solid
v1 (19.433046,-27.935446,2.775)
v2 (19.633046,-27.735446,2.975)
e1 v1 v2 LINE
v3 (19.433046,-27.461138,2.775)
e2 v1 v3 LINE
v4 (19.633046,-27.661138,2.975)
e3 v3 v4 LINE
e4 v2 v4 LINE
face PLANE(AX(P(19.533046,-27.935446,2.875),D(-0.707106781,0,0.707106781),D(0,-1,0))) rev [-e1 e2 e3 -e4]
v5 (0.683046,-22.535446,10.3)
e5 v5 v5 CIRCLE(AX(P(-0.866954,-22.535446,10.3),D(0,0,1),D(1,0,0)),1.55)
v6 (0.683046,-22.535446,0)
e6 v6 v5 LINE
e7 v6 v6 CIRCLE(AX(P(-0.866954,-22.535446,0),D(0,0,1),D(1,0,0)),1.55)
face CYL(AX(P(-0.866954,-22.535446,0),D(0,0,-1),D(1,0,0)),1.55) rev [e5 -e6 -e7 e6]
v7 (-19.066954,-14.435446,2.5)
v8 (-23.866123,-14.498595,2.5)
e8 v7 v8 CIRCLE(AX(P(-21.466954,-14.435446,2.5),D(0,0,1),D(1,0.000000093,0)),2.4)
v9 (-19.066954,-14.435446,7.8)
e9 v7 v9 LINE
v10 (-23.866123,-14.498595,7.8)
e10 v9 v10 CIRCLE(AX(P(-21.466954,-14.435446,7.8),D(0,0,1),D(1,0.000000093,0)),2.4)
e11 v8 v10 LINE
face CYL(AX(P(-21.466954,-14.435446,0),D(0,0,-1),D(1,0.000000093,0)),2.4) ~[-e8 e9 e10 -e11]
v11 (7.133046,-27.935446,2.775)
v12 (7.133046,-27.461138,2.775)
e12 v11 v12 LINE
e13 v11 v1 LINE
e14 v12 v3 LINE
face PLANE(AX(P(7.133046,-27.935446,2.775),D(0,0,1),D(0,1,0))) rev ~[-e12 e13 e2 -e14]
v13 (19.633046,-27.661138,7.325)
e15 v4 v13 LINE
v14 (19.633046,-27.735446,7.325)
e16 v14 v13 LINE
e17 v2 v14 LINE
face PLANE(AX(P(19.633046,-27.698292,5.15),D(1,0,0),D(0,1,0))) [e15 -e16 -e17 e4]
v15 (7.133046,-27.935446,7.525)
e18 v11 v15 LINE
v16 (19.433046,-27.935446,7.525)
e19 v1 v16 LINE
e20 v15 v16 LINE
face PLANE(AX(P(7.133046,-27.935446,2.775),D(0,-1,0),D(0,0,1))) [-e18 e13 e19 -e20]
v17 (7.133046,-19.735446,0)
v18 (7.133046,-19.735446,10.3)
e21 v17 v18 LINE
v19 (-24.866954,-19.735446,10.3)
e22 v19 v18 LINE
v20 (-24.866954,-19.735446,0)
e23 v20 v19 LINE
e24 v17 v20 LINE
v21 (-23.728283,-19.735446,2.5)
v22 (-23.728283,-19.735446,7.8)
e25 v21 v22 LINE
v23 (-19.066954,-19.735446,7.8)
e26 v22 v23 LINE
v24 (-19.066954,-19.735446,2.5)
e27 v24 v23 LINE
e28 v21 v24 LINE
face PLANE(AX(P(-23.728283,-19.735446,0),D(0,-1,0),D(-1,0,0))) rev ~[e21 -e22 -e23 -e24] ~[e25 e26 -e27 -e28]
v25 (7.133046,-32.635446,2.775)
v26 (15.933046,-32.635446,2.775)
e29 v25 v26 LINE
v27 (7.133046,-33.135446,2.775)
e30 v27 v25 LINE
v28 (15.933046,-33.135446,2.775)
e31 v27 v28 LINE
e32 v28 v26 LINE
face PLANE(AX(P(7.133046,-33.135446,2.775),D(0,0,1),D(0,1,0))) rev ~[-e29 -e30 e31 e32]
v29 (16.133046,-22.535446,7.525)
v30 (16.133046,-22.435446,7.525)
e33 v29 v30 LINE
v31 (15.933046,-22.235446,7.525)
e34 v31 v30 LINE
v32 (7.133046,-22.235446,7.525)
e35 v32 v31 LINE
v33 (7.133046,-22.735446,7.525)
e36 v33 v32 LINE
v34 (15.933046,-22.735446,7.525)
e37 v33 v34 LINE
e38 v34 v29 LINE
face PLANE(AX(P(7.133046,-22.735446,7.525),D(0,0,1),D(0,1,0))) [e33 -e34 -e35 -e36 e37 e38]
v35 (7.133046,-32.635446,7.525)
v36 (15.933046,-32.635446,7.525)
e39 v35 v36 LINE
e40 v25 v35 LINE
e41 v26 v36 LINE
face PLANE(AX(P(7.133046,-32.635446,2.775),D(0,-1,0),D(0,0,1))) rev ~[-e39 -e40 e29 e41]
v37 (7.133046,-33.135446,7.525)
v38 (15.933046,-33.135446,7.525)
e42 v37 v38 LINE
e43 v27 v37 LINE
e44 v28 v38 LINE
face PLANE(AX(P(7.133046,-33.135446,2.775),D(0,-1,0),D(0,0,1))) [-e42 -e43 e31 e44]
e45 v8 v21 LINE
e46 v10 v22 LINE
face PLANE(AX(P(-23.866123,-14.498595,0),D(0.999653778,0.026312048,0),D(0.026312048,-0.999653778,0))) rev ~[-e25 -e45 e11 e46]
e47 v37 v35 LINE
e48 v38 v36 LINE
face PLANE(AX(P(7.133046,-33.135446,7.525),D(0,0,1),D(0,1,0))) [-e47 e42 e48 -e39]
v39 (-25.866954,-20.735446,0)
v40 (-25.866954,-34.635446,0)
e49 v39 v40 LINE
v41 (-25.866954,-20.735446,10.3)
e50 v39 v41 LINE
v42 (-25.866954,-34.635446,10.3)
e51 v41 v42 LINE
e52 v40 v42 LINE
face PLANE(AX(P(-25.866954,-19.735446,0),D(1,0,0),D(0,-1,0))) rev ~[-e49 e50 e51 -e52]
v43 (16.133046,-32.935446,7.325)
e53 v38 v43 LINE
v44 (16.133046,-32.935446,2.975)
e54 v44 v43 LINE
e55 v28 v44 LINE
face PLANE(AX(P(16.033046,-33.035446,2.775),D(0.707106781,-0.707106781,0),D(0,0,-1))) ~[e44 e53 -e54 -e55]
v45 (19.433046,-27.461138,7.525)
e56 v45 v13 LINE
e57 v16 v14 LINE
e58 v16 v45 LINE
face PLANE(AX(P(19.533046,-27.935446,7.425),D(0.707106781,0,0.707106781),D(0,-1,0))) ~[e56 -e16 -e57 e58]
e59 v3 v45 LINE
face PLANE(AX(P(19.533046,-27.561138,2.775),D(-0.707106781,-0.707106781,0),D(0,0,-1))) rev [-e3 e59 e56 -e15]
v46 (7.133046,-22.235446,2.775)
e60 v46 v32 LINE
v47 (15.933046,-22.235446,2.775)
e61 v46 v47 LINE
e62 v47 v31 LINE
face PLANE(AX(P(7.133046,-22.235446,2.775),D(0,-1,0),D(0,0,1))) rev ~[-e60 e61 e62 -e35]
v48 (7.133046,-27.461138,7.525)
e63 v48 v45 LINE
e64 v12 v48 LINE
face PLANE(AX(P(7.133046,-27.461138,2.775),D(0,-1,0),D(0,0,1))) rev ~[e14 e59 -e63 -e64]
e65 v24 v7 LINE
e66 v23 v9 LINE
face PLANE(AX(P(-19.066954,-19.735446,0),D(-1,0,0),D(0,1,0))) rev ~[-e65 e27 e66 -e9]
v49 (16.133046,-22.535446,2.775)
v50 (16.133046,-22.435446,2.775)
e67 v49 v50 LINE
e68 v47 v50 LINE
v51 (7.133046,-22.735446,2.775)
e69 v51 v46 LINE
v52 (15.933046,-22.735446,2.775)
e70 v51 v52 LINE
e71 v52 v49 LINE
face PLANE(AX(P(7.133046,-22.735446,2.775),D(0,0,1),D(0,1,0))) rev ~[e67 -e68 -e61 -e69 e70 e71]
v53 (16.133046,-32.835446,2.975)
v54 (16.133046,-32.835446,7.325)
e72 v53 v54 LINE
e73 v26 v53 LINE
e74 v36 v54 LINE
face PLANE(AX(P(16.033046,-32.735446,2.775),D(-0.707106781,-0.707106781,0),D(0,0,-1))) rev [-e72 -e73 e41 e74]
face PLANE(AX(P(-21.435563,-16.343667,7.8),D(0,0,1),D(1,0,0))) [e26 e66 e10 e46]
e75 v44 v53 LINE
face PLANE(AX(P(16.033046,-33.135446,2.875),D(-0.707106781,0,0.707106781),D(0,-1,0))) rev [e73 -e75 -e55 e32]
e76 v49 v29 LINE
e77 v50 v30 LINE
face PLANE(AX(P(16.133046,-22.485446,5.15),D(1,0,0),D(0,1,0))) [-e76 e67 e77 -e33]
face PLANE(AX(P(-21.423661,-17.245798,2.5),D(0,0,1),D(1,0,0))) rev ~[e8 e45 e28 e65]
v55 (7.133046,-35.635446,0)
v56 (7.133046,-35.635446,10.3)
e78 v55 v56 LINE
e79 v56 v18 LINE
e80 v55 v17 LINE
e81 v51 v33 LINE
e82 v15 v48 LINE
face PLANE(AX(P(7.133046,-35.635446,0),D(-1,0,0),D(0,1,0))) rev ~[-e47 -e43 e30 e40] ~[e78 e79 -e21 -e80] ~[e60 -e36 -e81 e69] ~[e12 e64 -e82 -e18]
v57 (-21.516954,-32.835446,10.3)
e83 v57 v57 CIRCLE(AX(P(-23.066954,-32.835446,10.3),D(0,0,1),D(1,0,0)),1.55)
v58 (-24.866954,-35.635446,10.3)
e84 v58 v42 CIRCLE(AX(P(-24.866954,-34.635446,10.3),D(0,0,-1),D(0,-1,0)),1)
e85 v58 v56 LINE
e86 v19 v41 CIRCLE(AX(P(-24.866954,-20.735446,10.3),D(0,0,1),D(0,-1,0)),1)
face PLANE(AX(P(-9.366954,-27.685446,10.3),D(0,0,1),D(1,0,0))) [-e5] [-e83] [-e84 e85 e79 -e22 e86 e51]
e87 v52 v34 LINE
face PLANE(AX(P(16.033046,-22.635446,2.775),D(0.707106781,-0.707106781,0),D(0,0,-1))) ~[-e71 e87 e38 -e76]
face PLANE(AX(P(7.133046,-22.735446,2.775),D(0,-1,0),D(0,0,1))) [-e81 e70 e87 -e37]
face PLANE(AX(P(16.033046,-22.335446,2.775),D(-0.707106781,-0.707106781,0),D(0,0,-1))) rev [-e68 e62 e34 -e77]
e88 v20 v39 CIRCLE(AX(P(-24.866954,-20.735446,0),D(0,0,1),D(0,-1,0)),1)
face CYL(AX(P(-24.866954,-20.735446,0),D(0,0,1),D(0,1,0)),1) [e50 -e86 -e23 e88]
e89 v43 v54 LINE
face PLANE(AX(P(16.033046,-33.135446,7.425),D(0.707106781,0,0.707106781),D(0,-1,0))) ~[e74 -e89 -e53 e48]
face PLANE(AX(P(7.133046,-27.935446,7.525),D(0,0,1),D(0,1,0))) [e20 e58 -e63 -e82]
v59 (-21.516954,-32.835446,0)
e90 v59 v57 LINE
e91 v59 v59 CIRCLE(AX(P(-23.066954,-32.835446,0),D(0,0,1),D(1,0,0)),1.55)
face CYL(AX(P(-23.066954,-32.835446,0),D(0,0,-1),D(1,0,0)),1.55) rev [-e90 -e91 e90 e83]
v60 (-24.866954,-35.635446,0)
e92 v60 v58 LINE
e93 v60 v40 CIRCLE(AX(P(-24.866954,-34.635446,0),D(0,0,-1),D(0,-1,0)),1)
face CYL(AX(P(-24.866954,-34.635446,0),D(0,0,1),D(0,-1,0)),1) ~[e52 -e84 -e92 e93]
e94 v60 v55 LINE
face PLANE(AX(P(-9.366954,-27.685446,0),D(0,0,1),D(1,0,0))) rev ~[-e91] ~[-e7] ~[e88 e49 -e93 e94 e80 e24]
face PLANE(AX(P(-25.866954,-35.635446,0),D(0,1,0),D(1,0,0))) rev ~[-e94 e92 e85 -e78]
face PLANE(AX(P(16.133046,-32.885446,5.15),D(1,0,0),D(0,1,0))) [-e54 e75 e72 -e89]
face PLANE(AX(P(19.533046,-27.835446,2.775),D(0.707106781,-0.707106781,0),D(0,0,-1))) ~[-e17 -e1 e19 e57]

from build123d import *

# Parameters (mm, degrees)
F0_R     = 1.55
F1_DEPTH = 10.3
F3_DEPTH = 2.5
F4_DEPTH = 2.5
F5_W     = 0.5
F5_H     = 4.75
F6_DEPTH = 9
F5_W_2   = 0.474308
F7_DEPTH = 12.5
F8_SIZE  = 0.2
F9_R     = 1


with BuildPart() as f1:
    # F0 (on Top) → F1 (new body)
    with BuildSketch(Plane.XY):
        Polygon((-23.728283, -19.735446), (-25.866954, -19.735446), (-25.866954, -35.635446), (7.133046, -35.635446), (7.133046, -19.735446), (-19.066954, -19.735446), align=None)
        with Locations((-23.066954, -32.835446)):
            Circle(F0_R, mode=Mode.SUBTRACT)
        with Locations((-0.866954, -22.535446)):
            Circle(F0_R, mode=Mode.SUBTRACT)
        with BuildLine():
            Line((-23.866123, -14.498595), (-23.728283, -19.735446))
            Line((-23.728283, -19.735446), (-19.066954, -19.735446))
            Line((-19.066954, -19.735446), (-19.066954, -14.435446))
            ThreePointArc((-19.066954, -14.435446), (-21.435376, -16.835239), (-23.866123, -14.498595))
        make_face()
        with BuildLine():
            ThreePointArc((-19.066954, -14.435446), (-21.498531, -12.035654), (-23.866123, -14.498595))
            ThreePointArc((-23.866123, -14.498595), (-21.435376, -16.835239), (-19.066954, -14.435446))
        make_face()
    extrude(amount=F1_DEPTH)

    # F2 (on face) → F3 (cut)
    with BuildSketch(Plane.XY.offset(10.3)):
        with BuildLine():
            Line((-23.866123, -14.498595), (-23.728283, -19.735446))
            Line((-23.728283, -19.735446), (-19.066954, -19.735446))
            Line((-19.066954, -19.735446), (-19.066954, -14.435446))
            ThreePointArc((-19.066954, -14.435446), (-21.498531, -12.035654), (-23.866123, -14.498595))
        make_face()
    extrude(amount=-F3_DEPTH, mode=Mode.SUBTRACT)

    # F0 (on Top) → F4 (cut)
    with BuildSketch(Plane.XY):
        with BuildLine():
            Line((-23.866123, -14.498595), (-23.728283, -19.735446))
            Line((-23.728283, -19.735446), (-19.066954, -19.735446))
            Line((-19.066954, -19.735446), (-19.066954, -14.435446))
            ThreePointArc((-19.066954, -14.435446), (-21.435376, -16.835239), (-23.866123, -14.498595))
        make_face()
        with BuildLine():
            ThreePointArc((-19.066954, -14.435446), (-21.498531, -12.035654), (-23.866123, -14.498595))
            ThreePointArc((-23.866123, -14.498595), (-21.435376, -16.835239), (-19.066954, -14.435446))
        make_face()
    extrude(amount=F4_DEPTH, mode=Mode.SUBTRACT)

    # F5 (on face) → F6 (join)
    with BuildSketch(Plane.YZ.offset(7.133046)):
        with Locations((-22.485446, 5.15)):
            Rectangle(F5_W, F5_H)
        with Locations((-32.885446, 5.15)):
            Rectangle(F5_W, F5_H)
    extrude(amount=F6_DEPTH)

    # F5 (on face) → F7 (join)
    with BuildSketch(Plane.YZ.offset(7.133046)):
        with Locations((-27.698292, 5.15)):
            Rectangle(F5_W_2, F5_H)
    extrude(amount=F7_DEPTH)

    # F8
    f8_edges = [f1.edges().sort_by_distance(p)[0] for p in [
        (16.133046, -22.235446, 5.15),
        (16.133046, -22.735446, 5.15),
        (19.633046, -27.461138, 5.15),
        (19.633046, -27.698292, 7.525),
        (19.633046, -27.935446, 5.15),
        (19.633046, -27.698292, 2.775),
        (16.133046, -32.635446, 5.15),
        (16.133046, -32.885446, 7.525),
        (16.133046, -33.135446, 5.15),
        (16.133046, -32.885446, 2.775),
    ]]
    chamfer(f8_edges, length=F8_SIZE)

    # F9
    f9_edges = [f1.edges().sort_by_distance(p)[0] for p in [
        (-25.866954, -19.735446, 5.15),
        (-25.866954, -35.635446, 5.15),
    ]]
    fillet(f9_edges, radius=F9_R)


solid = f1.part
